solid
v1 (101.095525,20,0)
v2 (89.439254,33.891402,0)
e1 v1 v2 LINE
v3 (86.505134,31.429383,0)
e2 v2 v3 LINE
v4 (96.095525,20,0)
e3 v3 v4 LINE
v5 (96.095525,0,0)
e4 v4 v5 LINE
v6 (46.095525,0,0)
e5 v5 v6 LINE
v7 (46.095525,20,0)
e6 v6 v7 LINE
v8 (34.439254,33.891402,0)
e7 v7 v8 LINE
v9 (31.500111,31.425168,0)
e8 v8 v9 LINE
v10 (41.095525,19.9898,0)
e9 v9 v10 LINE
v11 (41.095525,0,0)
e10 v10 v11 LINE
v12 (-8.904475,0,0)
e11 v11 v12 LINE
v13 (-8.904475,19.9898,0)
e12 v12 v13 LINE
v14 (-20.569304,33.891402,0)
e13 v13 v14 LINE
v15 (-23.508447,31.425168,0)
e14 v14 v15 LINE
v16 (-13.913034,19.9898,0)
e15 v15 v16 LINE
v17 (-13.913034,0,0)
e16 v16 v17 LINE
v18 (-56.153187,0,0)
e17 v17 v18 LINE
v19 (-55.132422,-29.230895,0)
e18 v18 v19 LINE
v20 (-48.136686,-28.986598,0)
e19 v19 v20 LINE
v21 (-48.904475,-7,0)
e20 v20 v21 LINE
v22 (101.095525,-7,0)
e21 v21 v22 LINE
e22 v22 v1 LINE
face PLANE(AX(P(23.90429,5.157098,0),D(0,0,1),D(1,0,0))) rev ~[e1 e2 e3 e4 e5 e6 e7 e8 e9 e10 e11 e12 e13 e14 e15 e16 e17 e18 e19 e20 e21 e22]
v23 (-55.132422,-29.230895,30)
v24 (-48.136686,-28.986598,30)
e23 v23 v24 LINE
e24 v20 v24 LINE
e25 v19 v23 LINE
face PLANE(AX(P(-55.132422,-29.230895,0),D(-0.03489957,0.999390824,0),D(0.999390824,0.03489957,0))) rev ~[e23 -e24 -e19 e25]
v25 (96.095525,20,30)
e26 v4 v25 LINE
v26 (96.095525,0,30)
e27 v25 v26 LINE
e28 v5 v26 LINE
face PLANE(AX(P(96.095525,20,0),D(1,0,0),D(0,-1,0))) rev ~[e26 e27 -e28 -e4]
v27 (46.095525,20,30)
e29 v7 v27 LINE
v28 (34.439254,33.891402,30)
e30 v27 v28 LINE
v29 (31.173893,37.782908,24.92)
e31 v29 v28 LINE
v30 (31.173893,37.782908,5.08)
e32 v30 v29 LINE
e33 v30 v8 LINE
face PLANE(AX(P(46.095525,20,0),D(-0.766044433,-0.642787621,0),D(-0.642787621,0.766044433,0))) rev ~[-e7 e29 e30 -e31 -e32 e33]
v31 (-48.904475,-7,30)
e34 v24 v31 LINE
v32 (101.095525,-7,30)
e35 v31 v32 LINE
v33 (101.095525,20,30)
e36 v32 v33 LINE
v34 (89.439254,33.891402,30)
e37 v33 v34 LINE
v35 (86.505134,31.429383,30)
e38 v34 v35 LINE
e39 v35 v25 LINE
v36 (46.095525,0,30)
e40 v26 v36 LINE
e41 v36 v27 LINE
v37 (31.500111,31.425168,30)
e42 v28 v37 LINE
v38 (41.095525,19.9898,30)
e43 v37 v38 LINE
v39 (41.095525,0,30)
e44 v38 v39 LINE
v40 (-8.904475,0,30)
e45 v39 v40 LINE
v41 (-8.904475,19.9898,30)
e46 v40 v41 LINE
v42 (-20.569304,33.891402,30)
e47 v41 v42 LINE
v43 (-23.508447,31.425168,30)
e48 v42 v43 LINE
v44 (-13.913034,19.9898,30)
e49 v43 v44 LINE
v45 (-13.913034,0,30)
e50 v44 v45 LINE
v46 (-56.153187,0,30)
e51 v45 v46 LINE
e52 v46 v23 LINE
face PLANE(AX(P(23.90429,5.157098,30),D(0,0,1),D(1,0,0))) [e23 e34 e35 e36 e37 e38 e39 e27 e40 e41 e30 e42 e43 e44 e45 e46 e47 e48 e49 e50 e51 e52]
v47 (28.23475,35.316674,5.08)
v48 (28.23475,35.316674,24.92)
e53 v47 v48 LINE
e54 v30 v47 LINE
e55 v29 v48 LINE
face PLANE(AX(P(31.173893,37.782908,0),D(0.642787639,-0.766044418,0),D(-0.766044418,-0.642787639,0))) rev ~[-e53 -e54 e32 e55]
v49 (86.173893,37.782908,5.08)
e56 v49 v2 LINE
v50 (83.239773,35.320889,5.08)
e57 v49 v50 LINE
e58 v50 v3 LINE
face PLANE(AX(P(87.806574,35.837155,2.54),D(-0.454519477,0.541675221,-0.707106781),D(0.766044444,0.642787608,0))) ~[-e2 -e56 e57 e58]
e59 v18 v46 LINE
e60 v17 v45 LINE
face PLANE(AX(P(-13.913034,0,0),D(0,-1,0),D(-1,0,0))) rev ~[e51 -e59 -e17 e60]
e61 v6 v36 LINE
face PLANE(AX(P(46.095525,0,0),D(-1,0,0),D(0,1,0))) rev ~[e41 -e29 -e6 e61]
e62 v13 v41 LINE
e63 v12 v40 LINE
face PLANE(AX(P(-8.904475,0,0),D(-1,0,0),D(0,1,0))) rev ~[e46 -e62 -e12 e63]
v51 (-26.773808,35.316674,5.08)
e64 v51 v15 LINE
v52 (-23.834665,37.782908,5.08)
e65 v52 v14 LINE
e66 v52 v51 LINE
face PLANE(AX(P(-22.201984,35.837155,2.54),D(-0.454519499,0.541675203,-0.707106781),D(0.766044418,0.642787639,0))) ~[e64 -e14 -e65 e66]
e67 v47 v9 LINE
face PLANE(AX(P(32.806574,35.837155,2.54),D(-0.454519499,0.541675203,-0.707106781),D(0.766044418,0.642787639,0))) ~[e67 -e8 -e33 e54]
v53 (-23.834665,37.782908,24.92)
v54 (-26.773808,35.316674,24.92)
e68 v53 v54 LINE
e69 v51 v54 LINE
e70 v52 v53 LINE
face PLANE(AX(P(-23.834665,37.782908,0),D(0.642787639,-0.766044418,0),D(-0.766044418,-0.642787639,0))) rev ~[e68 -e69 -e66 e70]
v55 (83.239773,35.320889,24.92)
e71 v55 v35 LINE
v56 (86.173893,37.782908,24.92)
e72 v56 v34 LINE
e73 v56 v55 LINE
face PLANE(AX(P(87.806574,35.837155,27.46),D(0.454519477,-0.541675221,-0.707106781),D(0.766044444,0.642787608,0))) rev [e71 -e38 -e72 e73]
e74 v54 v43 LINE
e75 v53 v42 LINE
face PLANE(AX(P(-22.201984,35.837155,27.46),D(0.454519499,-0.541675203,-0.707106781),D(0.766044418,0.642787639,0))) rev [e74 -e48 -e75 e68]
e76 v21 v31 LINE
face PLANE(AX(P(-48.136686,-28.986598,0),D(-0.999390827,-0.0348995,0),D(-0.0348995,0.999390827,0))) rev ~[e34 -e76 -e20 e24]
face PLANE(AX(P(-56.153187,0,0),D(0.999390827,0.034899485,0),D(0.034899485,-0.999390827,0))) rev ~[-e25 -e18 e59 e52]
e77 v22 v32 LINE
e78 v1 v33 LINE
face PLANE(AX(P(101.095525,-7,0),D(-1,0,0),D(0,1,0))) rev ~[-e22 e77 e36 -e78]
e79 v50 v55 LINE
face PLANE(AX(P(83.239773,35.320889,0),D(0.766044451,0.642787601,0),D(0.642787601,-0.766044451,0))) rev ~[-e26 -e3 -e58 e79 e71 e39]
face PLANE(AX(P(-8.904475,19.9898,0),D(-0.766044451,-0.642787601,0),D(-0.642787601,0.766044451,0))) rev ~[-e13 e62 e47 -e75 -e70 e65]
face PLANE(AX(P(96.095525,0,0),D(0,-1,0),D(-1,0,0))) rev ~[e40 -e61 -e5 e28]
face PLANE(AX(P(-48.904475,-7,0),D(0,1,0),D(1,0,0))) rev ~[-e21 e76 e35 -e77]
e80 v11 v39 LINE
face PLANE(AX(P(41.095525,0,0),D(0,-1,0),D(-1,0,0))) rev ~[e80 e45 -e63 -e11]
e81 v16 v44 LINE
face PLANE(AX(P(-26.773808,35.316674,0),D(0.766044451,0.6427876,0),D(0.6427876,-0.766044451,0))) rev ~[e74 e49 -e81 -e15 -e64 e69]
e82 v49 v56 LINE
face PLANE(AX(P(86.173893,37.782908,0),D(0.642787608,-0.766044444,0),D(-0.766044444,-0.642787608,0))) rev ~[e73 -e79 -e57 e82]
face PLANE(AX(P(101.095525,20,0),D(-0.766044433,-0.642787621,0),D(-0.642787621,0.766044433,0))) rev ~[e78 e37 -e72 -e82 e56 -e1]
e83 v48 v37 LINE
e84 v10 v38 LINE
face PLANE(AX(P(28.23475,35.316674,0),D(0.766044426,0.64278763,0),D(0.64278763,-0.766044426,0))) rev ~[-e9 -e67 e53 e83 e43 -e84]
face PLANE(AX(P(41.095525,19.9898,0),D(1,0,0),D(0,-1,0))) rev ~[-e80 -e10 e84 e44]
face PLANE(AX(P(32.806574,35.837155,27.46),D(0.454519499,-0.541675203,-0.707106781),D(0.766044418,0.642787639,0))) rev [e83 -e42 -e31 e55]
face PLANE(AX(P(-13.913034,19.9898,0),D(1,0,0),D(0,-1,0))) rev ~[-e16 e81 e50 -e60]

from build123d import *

# Parameters (mm, degrees)
F1_DEPTH = 30
F2_SIZE2 = 5.08
F2_SIZE  = 5.08


with BuildPart() as f1:
    # F0 (on Top) → F1 (new body)
    with BuildSketch(Plane.XY):
        Polygon((-48.136686, -28.986598), (-48.904475, -7), (101.095525, -7), (101.095525, 20), (86.173893, 37.782908), (83.239773, 35.320889), (96.095525, 20), (96.095525, 0), (46.095525, 0), (46.095525, 20), (31.173893, 37.782908), (28.23475, 35.316674), (41.095525, 19.9898), (41.095525, 0), (-8.904475, 0), (-8.904475, 19.9898), (-23.834665, 37.782908), (-26.773808, 35.316674), (-13.913034, 19.9898), (-13.913034, 0), (-56.153187, 0), (-55.132422, -29.230895), align=None)
    extrude(amount=F1_DEPTH)

    # F2
    f2_edges = [f1.edges().sort_by_distance(p)[0] for p in [
        (-25.304237, 36.549791, 30),
        (-25.304237, 36.549791, 0),
        (29.704322, 36.549791, 0),
        (29.704322, 36.549791, 30),
        (84.706833, 36.551899, 30),
        (84.706833, 36.551899, 0),
    ]]
    chamfer(f2_edges, length=F2_SIZE, length2=F2_SIZE2)


solid = f1.part
